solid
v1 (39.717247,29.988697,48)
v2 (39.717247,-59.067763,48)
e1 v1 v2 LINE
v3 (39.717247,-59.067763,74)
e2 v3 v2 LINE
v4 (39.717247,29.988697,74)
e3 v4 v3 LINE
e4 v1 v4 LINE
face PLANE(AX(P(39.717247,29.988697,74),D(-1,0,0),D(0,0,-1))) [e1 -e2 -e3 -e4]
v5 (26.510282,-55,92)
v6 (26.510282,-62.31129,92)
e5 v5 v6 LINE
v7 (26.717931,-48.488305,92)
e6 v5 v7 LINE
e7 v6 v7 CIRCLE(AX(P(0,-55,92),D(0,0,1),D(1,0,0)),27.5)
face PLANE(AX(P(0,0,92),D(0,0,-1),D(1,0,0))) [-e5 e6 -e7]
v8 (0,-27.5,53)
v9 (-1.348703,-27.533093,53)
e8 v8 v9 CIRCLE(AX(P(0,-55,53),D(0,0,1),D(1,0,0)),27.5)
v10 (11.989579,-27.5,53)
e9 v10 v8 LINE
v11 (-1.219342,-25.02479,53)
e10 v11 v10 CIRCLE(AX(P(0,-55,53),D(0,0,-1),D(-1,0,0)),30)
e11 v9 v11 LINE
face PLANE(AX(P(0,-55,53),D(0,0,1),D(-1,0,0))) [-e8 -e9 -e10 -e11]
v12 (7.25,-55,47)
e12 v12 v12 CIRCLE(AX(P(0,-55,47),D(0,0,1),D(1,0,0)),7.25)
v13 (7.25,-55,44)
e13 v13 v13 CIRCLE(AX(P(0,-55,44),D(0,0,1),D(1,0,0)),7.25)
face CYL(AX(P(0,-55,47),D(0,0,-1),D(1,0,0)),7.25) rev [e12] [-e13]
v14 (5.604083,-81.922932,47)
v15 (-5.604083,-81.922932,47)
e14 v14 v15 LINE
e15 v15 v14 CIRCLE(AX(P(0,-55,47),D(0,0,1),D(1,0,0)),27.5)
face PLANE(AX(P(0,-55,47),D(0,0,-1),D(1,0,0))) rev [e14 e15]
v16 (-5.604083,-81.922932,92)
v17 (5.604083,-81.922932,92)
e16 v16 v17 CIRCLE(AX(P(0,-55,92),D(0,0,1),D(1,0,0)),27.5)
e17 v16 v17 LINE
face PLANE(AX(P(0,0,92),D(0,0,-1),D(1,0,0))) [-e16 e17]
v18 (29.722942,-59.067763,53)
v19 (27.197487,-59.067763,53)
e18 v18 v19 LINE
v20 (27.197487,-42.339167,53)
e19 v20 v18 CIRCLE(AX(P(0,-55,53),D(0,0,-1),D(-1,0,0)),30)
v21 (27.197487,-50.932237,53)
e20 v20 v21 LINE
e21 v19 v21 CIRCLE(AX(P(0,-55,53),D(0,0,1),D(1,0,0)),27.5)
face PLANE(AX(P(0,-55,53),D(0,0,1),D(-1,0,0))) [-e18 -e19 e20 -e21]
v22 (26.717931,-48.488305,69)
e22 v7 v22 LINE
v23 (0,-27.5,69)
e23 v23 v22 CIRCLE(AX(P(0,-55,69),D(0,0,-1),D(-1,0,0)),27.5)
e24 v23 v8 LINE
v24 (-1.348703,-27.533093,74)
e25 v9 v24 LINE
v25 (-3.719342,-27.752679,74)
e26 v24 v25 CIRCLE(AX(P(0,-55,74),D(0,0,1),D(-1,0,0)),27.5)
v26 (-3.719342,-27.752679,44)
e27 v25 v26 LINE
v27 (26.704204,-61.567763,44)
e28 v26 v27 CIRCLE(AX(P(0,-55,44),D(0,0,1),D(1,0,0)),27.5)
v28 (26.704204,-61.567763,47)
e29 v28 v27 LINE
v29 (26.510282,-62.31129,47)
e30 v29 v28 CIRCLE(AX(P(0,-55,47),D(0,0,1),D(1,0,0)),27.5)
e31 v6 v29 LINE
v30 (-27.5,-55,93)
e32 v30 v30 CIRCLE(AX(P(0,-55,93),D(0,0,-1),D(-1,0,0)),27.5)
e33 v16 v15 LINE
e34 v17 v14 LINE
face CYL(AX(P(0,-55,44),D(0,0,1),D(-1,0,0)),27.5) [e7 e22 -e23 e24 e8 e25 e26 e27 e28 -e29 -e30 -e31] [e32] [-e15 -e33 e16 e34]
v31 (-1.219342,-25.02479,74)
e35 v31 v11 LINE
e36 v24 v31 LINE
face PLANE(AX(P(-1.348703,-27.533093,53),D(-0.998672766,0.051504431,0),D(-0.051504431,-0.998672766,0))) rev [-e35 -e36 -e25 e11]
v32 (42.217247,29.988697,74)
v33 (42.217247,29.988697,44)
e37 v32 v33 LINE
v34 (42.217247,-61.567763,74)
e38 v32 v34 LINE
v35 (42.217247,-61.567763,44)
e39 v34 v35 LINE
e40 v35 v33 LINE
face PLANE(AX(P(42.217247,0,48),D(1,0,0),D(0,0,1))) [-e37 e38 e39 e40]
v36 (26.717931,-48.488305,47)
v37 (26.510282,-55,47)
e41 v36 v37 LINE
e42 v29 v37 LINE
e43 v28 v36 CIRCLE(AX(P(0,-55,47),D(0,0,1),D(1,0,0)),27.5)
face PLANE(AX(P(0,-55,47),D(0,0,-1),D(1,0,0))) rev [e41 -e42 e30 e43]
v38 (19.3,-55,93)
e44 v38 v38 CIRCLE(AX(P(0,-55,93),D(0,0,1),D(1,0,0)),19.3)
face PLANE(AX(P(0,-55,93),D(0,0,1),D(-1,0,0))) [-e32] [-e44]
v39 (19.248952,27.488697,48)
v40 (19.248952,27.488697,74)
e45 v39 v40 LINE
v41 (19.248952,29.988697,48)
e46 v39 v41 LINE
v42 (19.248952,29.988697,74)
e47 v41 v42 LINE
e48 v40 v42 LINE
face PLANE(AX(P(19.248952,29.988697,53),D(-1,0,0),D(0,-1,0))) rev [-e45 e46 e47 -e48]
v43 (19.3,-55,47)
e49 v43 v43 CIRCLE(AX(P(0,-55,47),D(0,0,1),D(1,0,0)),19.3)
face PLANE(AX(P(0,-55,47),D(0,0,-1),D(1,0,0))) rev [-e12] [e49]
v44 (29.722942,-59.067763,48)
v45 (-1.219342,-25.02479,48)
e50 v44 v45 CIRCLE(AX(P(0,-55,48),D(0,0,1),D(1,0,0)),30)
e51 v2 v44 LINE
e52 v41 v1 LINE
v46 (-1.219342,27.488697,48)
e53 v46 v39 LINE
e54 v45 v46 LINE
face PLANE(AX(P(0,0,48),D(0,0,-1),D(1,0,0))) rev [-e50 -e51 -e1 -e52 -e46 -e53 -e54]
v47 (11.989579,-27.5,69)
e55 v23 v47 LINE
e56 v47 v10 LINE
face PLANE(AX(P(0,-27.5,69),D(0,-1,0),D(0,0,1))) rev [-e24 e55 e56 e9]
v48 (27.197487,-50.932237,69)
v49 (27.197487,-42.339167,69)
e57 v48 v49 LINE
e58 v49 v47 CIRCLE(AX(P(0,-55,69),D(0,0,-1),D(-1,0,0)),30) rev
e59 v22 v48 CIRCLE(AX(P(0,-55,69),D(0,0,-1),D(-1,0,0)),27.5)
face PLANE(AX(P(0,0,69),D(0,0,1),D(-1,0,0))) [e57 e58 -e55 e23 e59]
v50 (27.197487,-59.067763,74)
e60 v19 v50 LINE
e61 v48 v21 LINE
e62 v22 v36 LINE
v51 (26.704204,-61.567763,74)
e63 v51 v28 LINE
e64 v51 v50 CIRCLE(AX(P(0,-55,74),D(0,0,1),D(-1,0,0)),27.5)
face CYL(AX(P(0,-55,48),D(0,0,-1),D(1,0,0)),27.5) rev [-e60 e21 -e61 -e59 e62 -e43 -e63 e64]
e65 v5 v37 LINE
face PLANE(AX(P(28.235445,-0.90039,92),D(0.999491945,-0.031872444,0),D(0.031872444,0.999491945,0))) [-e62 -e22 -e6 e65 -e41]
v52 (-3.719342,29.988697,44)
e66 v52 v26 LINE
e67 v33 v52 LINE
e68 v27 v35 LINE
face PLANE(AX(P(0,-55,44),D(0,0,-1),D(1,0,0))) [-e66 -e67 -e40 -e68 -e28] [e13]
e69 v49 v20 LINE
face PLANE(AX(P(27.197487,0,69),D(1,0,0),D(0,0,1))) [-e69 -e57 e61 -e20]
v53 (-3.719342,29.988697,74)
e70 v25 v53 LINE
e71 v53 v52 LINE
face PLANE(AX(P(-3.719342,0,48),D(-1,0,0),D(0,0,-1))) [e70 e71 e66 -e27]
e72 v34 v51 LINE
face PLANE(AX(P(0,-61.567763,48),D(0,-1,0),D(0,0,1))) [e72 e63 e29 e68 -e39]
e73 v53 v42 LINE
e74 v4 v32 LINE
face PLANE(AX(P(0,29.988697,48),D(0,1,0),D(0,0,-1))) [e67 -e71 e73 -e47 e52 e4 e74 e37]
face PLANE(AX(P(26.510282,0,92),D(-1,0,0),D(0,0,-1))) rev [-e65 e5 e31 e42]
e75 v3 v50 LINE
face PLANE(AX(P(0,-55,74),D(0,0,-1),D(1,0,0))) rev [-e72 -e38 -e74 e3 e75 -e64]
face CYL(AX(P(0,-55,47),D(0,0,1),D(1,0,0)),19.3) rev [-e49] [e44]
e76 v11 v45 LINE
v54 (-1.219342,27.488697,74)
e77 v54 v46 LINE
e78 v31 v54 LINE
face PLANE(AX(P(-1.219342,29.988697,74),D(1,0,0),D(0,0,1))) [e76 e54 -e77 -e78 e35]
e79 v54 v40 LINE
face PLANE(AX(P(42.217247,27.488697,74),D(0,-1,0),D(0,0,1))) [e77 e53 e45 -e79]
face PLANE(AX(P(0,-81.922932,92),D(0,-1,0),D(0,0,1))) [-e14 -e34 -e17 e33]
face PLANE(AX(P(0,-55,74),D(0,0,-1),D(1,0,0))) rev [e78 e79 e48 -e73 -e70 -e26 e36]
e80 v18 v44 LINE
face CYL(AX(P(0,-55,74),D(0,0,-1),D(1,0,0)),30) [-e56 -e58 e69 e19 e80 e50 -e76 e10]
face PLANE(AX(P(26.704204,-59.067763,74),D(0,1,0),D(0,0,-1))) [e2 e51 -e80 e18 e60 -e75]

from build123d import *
from build123d.topology import SkipClean

# Parameters (mm, degrees)
BOSS_EXTRUDE1_DEPTH     = 24
CUT_EXTRUDE1_DEPTH      = 91.21363533302491
CUT_EXTRUDE1_DEPTH_BACK = 91.21363533302491
SKETCH2_4_R             = 16.25
CUT_EXTRUDE2_DEPTH      = 3
CUT_EXTRUDE2_DEPTH_BACK = 48
SKETCH2_5_R             = 19.5
SKETCH2_5_R_2           = 16.25
CUT_EXTRUDE3_DEPTH      = 48
CUT_EXTRUDE3_DEPTH_BACK = 16
SKETCH3_W               = 8.5
SKETCH3_H               = 14.200000000000006
CUT_EXTRUDE4_DEPTH      = 40
SKETCH7_R               = 27.499999999999996
SKETCH7_R_2             = 18.9
BOSS_EXTRUDE2_DEPTH     = 1
SKETCH8_W               = 181.3602376825947
SKETCH8_H               = 155.21218123297842
CUT_EXTRUDE5_DEPTH      = 48
BOSS_EXTRUDE3_START     = 48
SKETCH9_R               = 27.499999999999996
SKETCH9_R_2             = 18.9
BOSS_EXTRUDE3_DEPTH     = 48
CUT_EXTRUDE6_DEPTH      = 48
BOSS_EXTRUDE4_DEPTH     = 4
EXTRUDE_THIN2_DEPTH     = 30
CUT_EXTRUDE8_START      = -21
CUT_EXTRUDE8_DEPTH      = 21
BOSS_EXTRUDE5_DEPTH     = 21
CUT_EXTRUDE9_DEPTH      = 21
CUT_EXTRUDE10_DEPTH     = 5
SKETCH21_R              = 27.499999999999996
SKETCH21_R_2            = 7.25
BOSS_EXTRUDE6_DEPTH     = 3
SKETCH24_W              = 354.97877750373505
SKETCH24_H              = 136.88577918663822
CUT_EXTRUDE13_DEPTH     = 109.99999999999999
SKETCH25_R              = 19.3
CUT_EXTRUDE14_DEPTH     = 46


with BuildPart() as part:
    # Sketch2 → Boss-Extrude1 (new, symmetric)
    with BuildSketch(Plane.XY):
        with BuildLine():
            ThreePointArc((-24.69493875270801, -42.900000000000006), (1.68e-15, -82.5), (24.694938752708016, -42.9))
            ThreePointArc((24.694938752708016, -42.9), (21.124860801609124, -27.49999999999999), (24.694938752708012, -12.099999999999996))
            ThreePointArc((24.694938752708012, -12.099999999999996), (3.42e-15, 27.499999999999996), (-24.694938752708012, -12.100000000000001))
            ThreePointArc((-24.694938752708012, -12.100000000000001), (-21.124860801609117, -27.500000000000004), (-24.69493875270801, -42.900000000000006))
        make_face()
    extrude(amount=BOSS_EXTRUDE1_DEPTH, both=True)

    # Sketch2<4> → Cut-Extrude1 (cut, two sides: drawn at the far end of the back side and taken through both)
    with BuildSketch(Plane.XY.offset(-CUT_EXTRUDE1_DEPTH_BACK)):
        with Locations((6.74e-15, -55)):
            Circle(SKETCH2_4_R)
    extrude(amount=CUT_EXTRUDE1_DEPTH + CUT_EXTRUDE1_DEPTH_BACK, mode=Mode.SUBTRACT)

    # Sketch2<5> → Cut-Extrude2 (cut, two sides: drawn at the far end of the back side and taken through both)
    with BuildSketch(Plane.XY.offset(-CUT_EXTRUDE2_DEPTH_BACK)):
        with Locations((6.74e-15, -55)):
            Circle(SKETCH2_5_R)
        with Locations((6.74e-15, -55)):
            Circle(SKETCH2_5_R_2, mode=Mode.SUBTRACT)
    extrude(amount=CUT_EXTRUDE2_DEPTH + CUT_EXTRUDE2_DEPTH_BACK, mode=Mode.SUBTRACT)

    # Sketch2<6> → Cut-Extrude3 (cut, two sides: drawn at the far end of the back side and taken through both)
    with BuildSketch(Plane.XY.offset(-CUT_EXTRUDE3_DEPTH_BACK)):
        Polygon((10.399999999999997, 20.400000000000002), (-10.400000000000002, 20.400000000000002), (-10.399999999999999, -20.399999999999995), (10.400000000000002, -20.399999999999995), align=None)
    extrude(amount=CUT_EXTRUDE3_DEPTH + CUT_EXTRUDE3_DEPTH_BACK, mode=Mode.SUBTRACT)

    # Sketch3 → Cut-Extrude4 (cut)
    with BuildSketch(Plane.XY.offset(24)):
        with Locations((0, 27.500000000000007)):
            Rectangle(SKETCH3_W, SKETCH3_H)
    extrude(amount=-CUT_EXTRUDE4_DEPTH, mode=Mode.SUBTRACT)

    # Sketch7 → Boss-Extrude2 (add)
    with BuildSketch(Plane(origin=(0, 0, -24), x_dir=(-1, 0, 0), z_dir=(0, 0, -1))):
        with Locations((-6.74e-15, -55)):
            Circle(SKETCH7_R)
        with Locations((-6.74e-15, -55)):
            Circle(SKETCH7_R_2, mode=Mode.SUBTRACT)
    extrude(amount=BOSS_EXTRUDE2_DEPTH)

    # Sketch8 → Cut-Extrude5 (cut)
    with BuildSketch(Plane.XY.offset(24)):
        with Locations((-25.06580059332441, -26.494305521168478)):
            Rectangle(SKETCH8_W, SKETCH8_H)
    extrude(amount=-CUT_EXTRUDE5_DEPTH, mode=Mode.SUBTRACT)

    # Sketch9 → Boss-Extrude3 (add)
    with SkipClean():  # the faces are left unmerged after this step: merging them gives an invalid solid
        with BuildSketch(Plane.XY.offset(-24).offset(BOSS_EXTRUDE3_START)):
            with Locations(Location((6.74e-15, -55, 0), (0, 0, 180))):
                Circle(SKETCH9_R)
            with Locations((6.74e-15, -55)):
                Circle(SKETCH9_R_2, mode=Mode.SUBTRACT)
        extrude(amount=-BOSS_EXTRUDE3_DEPTH)

    # Sketch10 → Cut-Extrude6 (cut)
    with SkipClean():  # the faces are left unmerged after this step: merging them gives an invalid solid
        with BuildSketch(Plane.XY.offset(24)):
            with BuildLine():
                Line((26.717930940571712, -48.48830542371335), (26.510281823927063, -55))
                Line((26.510281823927063, -55), (26.510281823927063, -62.311289736835946))
                ThreePointArc((26.51028182392707, -62.311289736835946), (27.25144721072622, -58.68898697761363), (27.500000000000014, -55))
                ThreePointArc((27.500000000000014, -55), (27.30378271289276, -51.72075472598662), (26.717930940571723, -48.48830542371334))
            make_face()
            with BuildLine():
                ThreePointArc((-5.604082705298323, -81.92293180603063), (6e-15, -82.5), (5.604082705298339, -81.92293180603063))
                Line((5.604082705298337, -81.92293180603063), (6.74e-15, -81.92293180603063))
                Line((7.11e-15, -81.92293180603063), (-5.604082705298323, -81.92293180603063))
            make_face()
        extrude(amount=-CUT_EXTRUDE6_DEPTH, mode=Mode.SUBTRACT)

    # Sketch11 → Boss-Extrude4 (add)
    with SkipClean():  # the faces are left unmerged after this step: merging them gives an invalid solid
        with BuildSketch(Plane.XY.offset(24)):
            with BuildLine():
                ThreePointArc((27.500000000000025, -55.00000000000003), (27.300326018506244, -58.3078995273848), (26.7042036884893, -61.56776258429582))
                Line((26.70420368848926, -61.56776258429563), (42.21724684134985, -61.56776258429563))
                Line((42.21724684134985, -61.56776258429563), (42.21724684134985, 29.98869686217629))
                Line((42.21724684134985, 29.988696862176287), (-3.7193423220770256, 29.988696862176287))
                Line((-3.719342322077025, 29.988696862176287), (-3.719342322077025, -27.7526791648939))
                ThreePointArc((-3.719342322077028, -27.7526791648939), (15.483065545848751, -32.27282064789051), (26.717930940571723, -48.488305423713314))
                ThreePointArc((26.717930940571723, -48.488305423713314), (27.303782712892772, -51.72075472598662), (27.500000000000025, -55.00000000000002))
            make_face()
        extrude(amount=-BOSS_EXTRUDE4_DEPTH)

    # Sketch16 → Extrude-Thin2 (add)
    with SkipClean():  # the faces are left unmerged after this step: merging them gives an invalid solid
        with BuildSketch(Plane(origin=(0, 0, 24), x_dir=(-1, 0, 0), z_dir=(0, 0, -1))):
            with BuildLine():
                Line((-26.704203688489347, -61.56776258429563), (-42.21724684134985, -61.56776258429563))
                Line((-42.21724684134985, -61.56776258429563), (-42.21724684134985, 29.988696862176287))
                Line((-42.21724684134985, 29.988696862176287), (3.719342322077025, 29.988696862176287))
                Line((3.719342322077025, 29.988696862176287), (3.719342322077025, -27.75267916489391))
                ThreePointArc((3.719342322077025, -27.75267916489391), (-20.443603637167037, -36.60682000505511), (-26.704203688489347, -61.56776258429563))
            make_face()
            with BuildLine():
                Line((-29.722942444479006, -59.06776258429563), (-39.71724684134985, -59.06776258429563))
                Line((-39.71724684134985, -59.06776258429563), (-39.71724684134985, 27.48869686217629))
                Line((-39.71724684134985, 27.48869686217629), (1.2193423220770256, 27.488696862176287))
                Line((1.2193423220770256, 27.488696862176287), (1.2193423220770252, -25.02479017084956))
                ThreePointArc((1.2193423220770252, -25.02479017084956), (-22.200108055370485, -34.82191281786335), (-29.722942444479006, -59.06776258429563))
            make_face(mode=Mode.SUBTRACT)
        extrude(amount=EXTRUDE_THIN2_DEPTH)

    # Sketch17 → Cut-Extrude8 (cut)
    with BuildSketch(Plane(origin=(0, 0, -5.999999999999998), x_dir=(-1, 0, 0), z_dir=(0, 0, -1)).offset(CUT_EXTRUDE8_START)):
        with BuildLine():
            Line((1.3487027041950868, -27.533092620105528), (1.2193423220770252, -25.02479017084956))
            ThreePointArc((1.2193423220770252, -25.02479017084956), (-22.20010805537015, -34.82191281786366), (-29.72294244447902, -59.06776258429561))
            Line((-29.72294244447902, -59.06776258429561), (-27.19748715520997, -59.06776258429561))
            ThreePointArc((-27.19748715520997, -59.06776258429561), (-20.387465924836167, -36.54461506324914), (1.3487027041950868, -27.533092620105528))
        make_face()
    extrude(amount=CUT_EXTRUDE8_DEPTH, mode=Mode.SUBTRACT)

    # Sketch18 → Boss-Extrude5 (add)
    with BuildSketch(Plane(origin=(0, 0, 20), x_dir=(-1, 0, 0), z_dir=(0, 0, -1))):
        with BuildLine():
            ThreePointArc((-27.19748715520984, -50.93223741570337), (-17.949742740939968, -34.16597169210712), (-1.0275e-13, -27.499999999999904))
            Line((-1.0275e-13, -27.499999999999908), (-11.98957880828152, -27.499999999999908))
            ThreePointArc((-11.98957880828161, -27.49999999999943), (-20.951294804022364, -33.528082385707165), (-27.197487155209934, -42.33916699256241))
            Line((-27.197487155209956, -42.339166992562404), (-27.197487155209956, -50.93223741570336))
        make_face()
    extrude(amount=BOSS_EXTRUDE5_DEPTH)

    # Sketch19 → Cut-Extrude9 (cut)
    with BuildSketch(Plane(origin=(0, 0, -5.999999999999998), x_dir=(-1, 0, 0), z_dir=(0, 0, -1))):
        Polygon((-39.71724684134985, 27.48869686217629), (-39.71724684134984, 29.988696862176287), (-19.248952259636408, 29.988696862176287), (-19.24895225963641, 27.48869686217629), align=None)
    extrude(amount=-CUT_EXTRUDE9_DEPTH, mode=Mode.SUBTRACT)

    # Sketch20 → Cut-Extrude10 (cut)
    with BuildSketch(Plane(origin=(0, 0, 15.000000000000004), x_dir=(-1, 0, 0), z_dir=(0, 0, -1))):
        Polygon((-19.248952259636408, 29.988696862176287), (-39.71724684134984, 29.988696862176287), (-39.71724684134984, 27.48869686217629), (-19.24895225963641, 27.48869686217629), align=None)
    extrude(amount=-CUT_EXTRUDE10_DEPTH, mode=Mode.SUBTRACT)

    # Sketch21 → Boss-Extrude6 (add)
    with BuildSketch(Plane.XY.offset(24)):
        with Locations(Location((6.74e-15, -55, 0), (0, 0, 180))):
            Circle(SKETCH21_R)
        with Locations((6.74e-15, -55)):
            Circle(SKETCH21_R_2, mode=Mode.SUBTRACT)
    extrude(amount=-BOSS_EXTRUDE6_DEPTH)


with BuildPart() as body_2:
    # Mirror1: mirrored copy
    add(part.part.mirror(Plane.XY.offset(34)))

    # Sketch25 → Cut-Extrude14 (cut)
    with BuildSketch(Plane.XY.offset(93)):
        with Locations((6.74e-15, -55)):
            Circle(SKETCH25_R)
    extrude(amount=-CUT_EXTRUDE14_DEPTH, mode=Mode.SUBTRACT)


with BuildPart() as part_1:
    add(part.part)

    # Sketch24 → Cut-Extrude13 (cut)
    with BuildSketch(Plane.XY.offset(24)):
        with Locations((-135.2721419105177, -38.45419273114281)):
            Rectangle(SKETCH24_W, SKETCH24_H)
    extrude(amount=-CUT_EXTRUDE13_DEPTH, mode=Mode.SUBTRACT)


solid = body_2.part
